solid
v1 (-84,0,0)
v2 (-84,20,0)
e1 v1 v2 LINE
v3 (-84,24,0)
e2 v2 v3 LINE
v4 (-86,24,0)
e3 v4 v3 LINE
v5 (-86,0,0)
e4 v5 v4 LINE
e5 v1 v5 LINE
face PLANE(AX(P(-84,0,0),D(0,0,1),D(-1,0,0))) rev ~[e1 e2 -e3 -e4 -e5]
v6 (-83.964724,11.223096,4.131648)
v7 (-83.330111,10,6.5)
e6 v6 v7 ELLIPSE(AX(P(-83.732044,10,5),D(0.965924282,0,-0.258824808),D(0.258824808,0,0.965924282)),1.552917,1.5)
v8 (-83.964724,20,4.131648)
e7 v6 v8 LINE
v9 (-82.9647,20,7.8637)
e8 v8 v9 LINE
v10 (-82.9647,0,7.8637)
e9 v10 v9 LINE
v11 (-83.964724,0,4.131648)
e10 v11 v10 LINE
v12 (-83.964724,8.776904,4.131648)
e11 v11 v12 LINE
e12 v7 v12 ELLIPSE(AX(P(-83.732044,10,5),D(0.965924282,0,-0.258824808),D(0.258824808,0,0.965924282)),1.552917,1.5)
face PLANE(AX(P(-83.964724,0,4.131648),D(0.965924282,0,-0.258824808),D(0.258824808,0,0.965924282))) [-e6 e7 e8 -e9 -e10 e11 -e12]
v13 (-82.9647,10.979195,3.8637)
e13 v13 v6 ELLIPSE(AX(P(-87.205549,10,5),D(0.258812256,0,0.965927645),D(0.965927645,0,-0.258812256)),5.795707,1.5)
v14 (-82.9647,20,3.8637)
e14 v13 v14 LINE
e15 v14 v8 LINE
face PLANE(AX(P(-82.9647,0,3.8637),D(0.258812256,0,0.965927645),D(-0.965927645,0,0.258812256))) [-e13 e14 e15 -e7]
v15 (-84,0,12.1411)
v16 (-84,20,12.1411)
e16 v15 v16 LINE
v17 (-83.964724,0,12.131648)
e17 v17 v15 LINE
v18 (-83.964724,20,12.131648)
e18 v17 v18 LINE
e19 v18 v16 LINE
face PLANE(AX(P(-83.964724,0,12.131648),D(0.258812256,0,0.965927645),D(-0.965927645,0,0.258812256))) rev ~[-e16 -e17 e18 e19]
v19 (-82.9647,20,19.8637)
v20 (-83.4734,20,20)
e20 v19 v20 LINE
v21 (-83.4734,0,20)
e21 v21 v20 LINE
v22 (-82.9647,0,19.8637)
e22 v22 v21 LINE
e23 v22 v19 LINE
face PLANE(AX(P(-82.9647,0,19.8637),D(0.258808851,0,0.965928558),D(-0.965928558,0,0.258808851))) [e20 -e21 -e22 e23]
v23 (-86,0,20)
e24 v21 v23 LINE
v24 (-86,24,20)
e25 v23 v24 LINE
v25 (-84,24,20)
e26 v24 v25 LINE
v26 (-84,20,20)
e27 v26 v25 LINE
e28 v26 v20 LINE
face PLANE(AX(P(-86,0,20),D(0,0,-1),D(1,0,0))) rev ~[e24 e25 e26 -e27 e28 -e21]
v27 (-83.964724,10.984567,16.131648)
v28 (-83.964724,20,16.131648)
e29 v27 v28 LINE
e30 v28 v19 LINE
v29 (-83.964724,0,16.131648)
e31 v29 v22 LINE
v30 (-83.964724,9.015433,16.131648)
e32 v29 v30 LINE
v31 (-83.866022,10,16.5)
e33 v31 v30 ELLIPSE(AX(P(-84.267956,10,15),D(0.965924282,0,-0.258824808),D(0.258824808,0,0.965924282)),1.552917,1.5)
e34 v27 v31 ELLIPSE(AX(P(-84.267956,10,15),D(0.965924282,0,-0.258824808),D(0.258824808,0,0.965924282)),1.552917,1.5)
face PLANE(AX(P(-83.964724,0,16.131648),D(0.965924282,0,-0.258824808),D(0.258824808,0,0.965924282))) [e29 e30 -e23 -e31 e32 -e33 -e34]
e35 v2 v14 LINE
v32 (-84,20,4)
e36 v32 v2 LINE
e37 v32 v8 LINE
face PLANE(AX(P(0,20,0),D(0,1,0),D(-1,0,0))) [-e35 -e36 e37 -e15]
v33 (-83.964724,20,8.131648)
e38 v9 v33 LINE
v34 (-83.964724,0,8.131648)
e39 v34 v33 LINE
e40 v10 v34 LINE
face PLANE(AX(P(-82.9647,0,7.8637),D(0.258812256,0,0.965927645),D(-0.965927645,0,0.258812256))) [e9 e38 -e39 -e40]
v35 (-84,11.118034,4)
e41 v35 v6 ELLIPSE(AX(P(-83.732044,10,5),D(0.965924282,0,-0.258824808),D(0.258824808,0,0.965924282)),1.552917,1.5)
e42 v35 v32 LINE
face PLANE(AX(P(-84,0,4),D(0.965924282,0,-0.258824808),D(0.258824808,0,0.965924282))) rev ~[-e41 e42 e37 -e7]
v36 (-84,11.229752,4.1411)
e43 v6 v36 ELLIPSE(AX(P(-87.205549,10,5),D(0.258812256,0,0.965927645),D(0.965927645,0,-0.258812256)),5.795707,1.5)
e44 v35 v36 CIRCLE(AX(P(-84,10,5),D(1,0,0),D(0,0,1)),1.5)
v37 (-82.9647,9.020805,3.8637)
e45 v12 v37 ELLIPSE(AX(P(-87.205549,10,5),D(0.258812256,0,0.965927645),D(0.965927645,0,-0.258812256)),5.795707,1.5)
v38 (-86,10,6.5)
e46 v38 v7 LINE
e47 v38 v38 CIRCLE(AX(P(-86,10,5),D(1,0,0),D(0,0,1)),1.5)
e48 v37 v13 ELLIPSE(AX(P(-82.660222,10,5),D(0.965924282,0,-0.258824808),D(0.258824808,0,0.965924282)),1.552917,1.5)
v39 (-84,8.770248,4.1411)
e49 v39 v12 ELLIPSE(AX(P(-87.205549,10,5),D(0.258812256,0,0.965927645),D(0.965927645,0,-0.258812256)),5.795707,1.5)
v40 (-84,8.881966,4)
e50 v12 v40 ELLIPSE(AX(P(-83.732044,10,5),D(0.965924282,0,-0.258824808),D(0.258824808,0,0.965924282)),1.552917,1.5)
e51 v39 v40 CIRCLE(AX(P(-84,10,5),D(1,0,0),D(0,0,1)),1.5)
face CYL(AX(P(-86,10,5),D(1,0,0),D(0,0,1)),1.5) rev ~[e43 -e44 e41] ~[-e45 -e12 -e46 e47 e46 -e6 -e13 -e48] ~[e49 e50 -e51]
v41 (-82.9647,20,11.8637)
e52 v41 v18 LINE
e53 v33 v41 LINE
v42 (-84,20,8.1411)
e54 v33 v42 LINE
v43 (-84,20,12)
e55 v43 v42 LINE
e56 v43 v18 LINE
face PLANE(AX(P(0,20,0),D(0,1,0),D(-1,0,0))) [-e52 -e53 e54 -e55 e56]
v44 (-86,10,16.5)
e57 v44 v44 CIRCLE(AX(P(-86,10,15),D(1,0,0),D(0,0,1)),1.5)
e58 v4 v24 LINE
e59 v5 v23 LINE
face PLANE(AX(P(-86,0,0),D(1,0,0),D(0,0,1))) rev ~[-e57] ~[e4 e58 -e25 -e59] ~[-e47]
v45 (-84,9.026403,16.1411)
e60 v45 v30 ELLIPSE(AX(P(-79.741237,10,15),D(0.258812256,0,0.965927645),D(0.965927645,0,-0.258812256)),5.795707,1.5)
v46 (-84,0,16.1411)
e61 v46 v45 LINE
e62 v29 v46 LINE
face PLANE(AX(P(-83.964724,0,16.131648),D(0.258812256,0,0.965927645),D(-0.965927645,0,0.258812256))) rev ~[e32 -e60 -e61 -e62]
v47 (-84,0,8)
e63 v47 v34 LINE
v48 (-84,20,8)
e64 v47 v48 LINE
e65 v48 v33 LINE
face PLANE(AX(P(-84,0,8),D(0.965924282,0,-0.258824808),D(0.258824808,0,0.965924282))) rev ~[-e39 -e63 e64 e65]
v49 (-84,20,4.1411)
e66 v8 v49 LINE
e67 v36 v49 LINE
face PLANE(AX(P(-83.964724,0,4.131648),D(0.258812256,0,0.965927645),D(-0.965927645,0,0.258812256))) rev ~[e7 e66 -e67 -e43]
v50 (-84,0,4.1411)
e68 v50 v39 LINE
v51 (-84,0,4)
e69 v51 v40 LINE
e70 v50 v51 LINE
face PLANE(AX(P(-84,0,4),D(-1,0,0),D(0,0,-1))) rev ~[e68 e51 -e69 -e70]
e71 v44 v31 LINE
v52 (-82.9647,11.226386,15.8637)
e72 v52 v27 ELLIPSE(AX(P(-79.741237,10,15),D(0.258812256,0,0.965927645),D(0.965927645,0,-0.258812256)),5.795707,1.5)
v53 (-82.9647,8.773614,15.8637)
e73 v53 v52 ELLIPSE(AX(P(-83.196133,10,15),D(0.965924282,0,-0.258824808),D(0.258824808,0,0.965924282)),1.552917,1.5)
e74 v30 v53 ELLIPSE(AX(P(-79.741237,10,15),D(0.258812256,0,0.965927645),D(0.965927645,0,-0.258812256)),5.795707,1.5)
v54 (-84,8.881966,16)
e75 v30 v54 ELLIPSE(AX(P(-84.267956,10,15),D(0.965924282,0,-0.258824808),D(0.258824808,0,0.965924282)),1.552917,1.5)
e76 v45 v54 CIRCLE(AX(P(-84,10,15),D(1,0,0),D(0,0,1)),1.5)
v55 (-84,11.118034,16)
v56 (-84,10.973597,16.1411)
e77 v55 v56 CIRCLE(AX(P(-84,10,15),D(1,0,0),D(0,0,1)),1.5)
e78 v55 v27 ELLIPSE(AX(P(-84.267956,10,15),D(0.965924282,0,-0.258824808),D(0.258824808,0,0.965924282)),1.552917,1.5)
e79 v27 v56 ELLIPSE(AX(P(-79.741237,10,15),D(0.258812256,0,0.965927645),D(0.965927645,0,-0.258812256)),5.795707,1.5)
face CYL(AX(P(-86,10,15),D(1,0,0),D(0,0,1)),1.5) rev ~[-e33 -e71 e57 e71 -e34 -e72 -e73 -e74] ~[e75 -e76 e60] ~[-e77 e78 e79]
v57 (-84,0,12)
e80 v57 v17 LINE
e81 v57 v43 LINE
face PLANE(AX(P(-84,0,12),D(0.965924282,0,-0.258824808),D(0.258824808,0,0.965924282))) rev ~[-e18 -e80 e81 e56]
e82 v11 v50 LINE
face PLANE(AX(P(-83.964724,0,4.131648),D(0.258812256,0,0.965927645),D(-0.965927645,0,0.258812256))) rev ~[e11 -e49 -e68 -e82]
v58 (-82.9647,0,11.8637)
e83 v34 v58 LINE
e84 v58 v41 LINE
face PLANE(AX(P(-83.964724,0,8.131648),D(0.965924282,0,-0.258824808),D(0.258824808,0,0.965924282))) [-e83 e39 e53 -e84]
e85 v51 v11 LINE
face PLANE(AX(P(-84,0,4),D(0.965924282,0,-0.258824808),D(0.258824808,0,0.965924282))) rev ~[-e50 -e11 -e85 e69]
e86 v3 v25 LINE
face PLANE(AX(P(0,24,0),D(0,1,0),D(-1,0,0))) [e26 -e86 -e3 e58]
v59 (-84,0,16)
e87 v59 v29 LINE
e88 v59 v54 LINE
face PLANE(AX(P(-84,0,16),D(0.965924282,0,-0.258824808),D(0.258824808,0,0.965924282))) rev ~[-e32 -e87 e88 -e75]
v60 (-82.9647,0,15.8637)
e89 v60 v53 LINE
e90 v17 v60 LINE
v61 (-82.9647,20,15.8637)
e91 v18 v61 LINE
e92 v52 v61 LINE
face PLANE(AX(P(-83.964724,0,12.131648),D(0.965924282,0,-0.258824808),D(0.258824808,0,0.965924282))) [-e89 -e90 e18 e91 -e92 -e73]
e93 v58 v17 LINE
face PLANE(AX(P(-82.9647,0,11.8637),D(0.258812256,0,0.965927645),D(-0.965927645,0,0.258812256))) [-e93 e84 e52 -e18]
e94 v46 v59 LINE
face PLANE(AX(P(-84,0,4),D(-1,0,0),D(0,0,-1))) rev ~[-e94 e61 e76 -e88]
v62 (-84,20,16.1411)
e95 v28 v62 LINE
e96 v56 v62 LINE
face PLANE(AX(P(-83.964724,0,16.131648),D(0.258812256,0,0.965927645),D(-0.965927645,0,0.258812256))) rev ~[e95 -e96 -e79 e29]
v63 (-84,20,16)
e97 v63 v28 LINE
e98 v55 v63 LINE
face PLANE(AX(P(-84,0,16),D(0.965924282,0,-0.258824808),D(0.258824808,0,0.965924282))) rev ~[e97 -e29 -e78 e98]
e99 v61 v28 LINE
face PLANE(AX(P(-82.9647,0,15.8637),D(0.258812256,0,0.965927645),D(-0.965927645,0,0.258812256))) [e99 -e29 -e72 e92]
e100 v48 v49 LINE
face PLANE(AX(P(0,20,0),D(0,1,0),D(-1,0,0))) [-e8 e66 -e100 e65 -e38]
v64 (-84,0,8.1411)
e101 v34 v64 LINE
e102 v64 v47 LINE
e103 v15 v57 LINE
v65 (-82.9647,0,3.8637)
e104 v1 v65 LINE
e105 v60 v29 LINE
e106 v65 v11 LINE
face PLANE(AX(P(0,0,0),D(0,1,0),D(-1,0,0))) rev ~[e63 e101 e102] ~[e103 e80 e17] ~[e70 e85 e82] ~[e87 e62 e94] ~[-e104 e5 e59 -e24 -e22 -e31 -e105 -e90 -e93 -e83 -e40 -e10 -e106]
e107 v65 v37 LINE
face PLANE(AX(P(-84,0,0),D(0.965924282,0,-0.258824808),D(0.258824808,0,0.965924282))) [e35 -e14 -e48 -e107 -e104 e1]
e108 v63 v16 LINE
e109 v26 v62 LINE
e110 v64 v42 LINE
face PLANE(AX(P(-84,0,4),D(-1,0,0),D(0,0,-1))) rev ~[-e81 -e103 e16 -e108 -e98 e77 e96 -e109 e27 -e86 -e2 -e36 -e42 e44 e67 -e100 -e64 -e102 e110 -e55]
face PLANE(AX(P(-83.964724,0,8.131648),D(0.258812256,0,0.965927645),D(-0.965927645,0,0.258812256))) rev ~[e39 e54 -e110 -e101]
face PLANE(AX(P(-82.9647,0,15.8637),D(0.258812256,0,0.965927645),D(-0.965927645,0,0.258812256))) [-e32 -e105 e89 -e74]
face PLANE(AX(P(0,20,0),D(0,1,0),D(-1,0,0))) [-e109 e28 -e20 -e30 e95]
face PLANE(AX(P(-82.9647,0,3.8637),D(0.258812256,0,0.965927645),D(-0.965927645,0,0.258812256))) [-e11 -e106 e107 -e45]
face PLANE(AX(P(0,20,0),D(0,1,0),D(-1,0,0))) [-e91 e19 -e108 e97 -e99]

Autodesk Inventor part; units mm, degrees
ref_plane "YZ Plane" through (0, 0, 0) normal (1, 0, 0) x (0, 1, 0)
ref_plane "XZ Plane" through (0, 0, 0) normal (0, 1, 0) x (-1, 0, 0)
ref_plane "XY Plane" through (0, 0, 0) normal (0, 0, 1) x (1, 0, 0)
sketch "Esboço1" plane through (0, 0, 0) normal (0, 1, 0) x (-1, 0, 0)
  line L0 (84, 0) -> (82.9647, 3.8637)
  line L1 (82.9647, 3.8637) -> (84, 4.1411)
  line L2 (84, 4) -> (82.9647, 7.8637)
  line L3 (82.9647, 7.8637) -> (84, 8.1411)
  line L4 (84, 0) -> (84.9017, 0)
  line L5 (84, 0) -> (86, 0)
  line L6 (84, 8) -> (82.9647, 11.8637)
  line L7 (84, 24) -> (83.9647, 24.1317)
  line L8 (82.9647, 27.8637) -> (84, 28.1411)
  line L9 (84, 28) -> (82.9647, 31.8637)
  line L10 (82.9647, 31.8637) -> (84, 32.1411)
  line L11 (84, 32) -> (82.9647, 35.8637)
  line L12 (82.9647, 35.8637) -> (84, 36.1411)
  line L13 (84, 36) -> (82.9647, 39.8637)
  line L14 (82.9647, 39.8637) -> (84, 40.1411)
  line L15 (84, 0) -> (80, 0) construction
  line L16 (82.9647, 11.8637) -> (84, 12.1411)
  line L17 (84, 12) -> (82.9647, 15.8637)
  line L18 (82.9647, 15.8637) -> (84, 16.1411)
  line L19 (84, 16) -> (82.9647, 19.8637)
  line L20 (82.9647, 19.8637) -> (83.4734, 20)
  line L21 (83.9647, 24.1317) -> (84, 24.1411)
  line L22 (84, 0) -> (82.9647, 3.8637)
  line L23 (82.9647, 3.8637) -> (84, 4.1411)
  line L24 (84, 4) -> (82.9647, 7.8637)
  line L25 (82.9647, 7.8637) -> (84, 8.1411)
  line L26 (84, 0) -> (84.9017, 0)
  line L27 (84, 0) -> (86, 0)
  line L28 (84, 8) -> (82.9647, 11.8637)
  line L29 (84, 24) -> (83.9647, 24.1317)
  line L30 (82.9647, 27.8637) -> (84, 28.1411)
  line L31 (84, 28) -> (82.9647, 31.8637)
  line L32 (82.9647, 31.8637) -> (84, 32.1411)
  line L33 (84, 32) -> (82.9647, 35.8637)
  line L34 (82.9647, 35.8637) -> (84, 36.1411)
  line L35 (84, 36) -> (82.9647, 39.8637)
  line L36 (82.9647, 39.8637) -> (84, 40.1411)
  line L37 (84, 0) -> (80, 0) construction
  line L38 (82.9647, 11.8637) -> (84, 12.1411)
  line L39 (84, 12) -> (82.9647, 15.8637)
  line L40 (82.9647, 15.8637) -> (84, 16.1411)
  line L41 (84, 16) -> (82.9647, 19.8637)
  line L42 (82.9647, 19.8637) -> (83.4734, 20)
  line L43 (83.9647, 24.1317) -> (84, 24.1411)
  line L44 (84, 0) -> (86, 0)
  line L45 (86, 0) -> (86, 20)
  line L46 (86, 20) -> (84, 20)
  line L47 (84, 20) -> (84, 0)
  line L48 (84, 20) -> (83.4734, 20)
  point P0 (0, 0)
  point P1 (83.9647, 16.1317)
  point P2 (83.9647, 12.1317)
  point P3 (83.9647, 8.1317)
  point P4 (83.9647, 4.1317)
extrude "Extrusão1" add sketch "Esboço1" along normal blind 24 contours L47 L46 L45 L5 L4
extrude "Extrusão2" add sketch "Esboço1" along normal blind 20 contours L0 L1 L2 L47 | L2 L3 L6 L47 L1 | L6 L16 L17 L47 L3 | L47 L18 L19 L20 L48 | L17 L18 L19 L47 L16
sketch "Esboço2" plane through (-86, 0, 0) normal (-1, 0, 0) x (0, 0, 1)
  point P0 (0, 0)
  point P1 (5, 10)
  point P2 (15, 10)
hole "Furo1" at (-86, 10, 5) at (-86, 10, 15) direction (1, 0, 0) diameter 3 end through all
properties part number "suporte estruzor 3"
